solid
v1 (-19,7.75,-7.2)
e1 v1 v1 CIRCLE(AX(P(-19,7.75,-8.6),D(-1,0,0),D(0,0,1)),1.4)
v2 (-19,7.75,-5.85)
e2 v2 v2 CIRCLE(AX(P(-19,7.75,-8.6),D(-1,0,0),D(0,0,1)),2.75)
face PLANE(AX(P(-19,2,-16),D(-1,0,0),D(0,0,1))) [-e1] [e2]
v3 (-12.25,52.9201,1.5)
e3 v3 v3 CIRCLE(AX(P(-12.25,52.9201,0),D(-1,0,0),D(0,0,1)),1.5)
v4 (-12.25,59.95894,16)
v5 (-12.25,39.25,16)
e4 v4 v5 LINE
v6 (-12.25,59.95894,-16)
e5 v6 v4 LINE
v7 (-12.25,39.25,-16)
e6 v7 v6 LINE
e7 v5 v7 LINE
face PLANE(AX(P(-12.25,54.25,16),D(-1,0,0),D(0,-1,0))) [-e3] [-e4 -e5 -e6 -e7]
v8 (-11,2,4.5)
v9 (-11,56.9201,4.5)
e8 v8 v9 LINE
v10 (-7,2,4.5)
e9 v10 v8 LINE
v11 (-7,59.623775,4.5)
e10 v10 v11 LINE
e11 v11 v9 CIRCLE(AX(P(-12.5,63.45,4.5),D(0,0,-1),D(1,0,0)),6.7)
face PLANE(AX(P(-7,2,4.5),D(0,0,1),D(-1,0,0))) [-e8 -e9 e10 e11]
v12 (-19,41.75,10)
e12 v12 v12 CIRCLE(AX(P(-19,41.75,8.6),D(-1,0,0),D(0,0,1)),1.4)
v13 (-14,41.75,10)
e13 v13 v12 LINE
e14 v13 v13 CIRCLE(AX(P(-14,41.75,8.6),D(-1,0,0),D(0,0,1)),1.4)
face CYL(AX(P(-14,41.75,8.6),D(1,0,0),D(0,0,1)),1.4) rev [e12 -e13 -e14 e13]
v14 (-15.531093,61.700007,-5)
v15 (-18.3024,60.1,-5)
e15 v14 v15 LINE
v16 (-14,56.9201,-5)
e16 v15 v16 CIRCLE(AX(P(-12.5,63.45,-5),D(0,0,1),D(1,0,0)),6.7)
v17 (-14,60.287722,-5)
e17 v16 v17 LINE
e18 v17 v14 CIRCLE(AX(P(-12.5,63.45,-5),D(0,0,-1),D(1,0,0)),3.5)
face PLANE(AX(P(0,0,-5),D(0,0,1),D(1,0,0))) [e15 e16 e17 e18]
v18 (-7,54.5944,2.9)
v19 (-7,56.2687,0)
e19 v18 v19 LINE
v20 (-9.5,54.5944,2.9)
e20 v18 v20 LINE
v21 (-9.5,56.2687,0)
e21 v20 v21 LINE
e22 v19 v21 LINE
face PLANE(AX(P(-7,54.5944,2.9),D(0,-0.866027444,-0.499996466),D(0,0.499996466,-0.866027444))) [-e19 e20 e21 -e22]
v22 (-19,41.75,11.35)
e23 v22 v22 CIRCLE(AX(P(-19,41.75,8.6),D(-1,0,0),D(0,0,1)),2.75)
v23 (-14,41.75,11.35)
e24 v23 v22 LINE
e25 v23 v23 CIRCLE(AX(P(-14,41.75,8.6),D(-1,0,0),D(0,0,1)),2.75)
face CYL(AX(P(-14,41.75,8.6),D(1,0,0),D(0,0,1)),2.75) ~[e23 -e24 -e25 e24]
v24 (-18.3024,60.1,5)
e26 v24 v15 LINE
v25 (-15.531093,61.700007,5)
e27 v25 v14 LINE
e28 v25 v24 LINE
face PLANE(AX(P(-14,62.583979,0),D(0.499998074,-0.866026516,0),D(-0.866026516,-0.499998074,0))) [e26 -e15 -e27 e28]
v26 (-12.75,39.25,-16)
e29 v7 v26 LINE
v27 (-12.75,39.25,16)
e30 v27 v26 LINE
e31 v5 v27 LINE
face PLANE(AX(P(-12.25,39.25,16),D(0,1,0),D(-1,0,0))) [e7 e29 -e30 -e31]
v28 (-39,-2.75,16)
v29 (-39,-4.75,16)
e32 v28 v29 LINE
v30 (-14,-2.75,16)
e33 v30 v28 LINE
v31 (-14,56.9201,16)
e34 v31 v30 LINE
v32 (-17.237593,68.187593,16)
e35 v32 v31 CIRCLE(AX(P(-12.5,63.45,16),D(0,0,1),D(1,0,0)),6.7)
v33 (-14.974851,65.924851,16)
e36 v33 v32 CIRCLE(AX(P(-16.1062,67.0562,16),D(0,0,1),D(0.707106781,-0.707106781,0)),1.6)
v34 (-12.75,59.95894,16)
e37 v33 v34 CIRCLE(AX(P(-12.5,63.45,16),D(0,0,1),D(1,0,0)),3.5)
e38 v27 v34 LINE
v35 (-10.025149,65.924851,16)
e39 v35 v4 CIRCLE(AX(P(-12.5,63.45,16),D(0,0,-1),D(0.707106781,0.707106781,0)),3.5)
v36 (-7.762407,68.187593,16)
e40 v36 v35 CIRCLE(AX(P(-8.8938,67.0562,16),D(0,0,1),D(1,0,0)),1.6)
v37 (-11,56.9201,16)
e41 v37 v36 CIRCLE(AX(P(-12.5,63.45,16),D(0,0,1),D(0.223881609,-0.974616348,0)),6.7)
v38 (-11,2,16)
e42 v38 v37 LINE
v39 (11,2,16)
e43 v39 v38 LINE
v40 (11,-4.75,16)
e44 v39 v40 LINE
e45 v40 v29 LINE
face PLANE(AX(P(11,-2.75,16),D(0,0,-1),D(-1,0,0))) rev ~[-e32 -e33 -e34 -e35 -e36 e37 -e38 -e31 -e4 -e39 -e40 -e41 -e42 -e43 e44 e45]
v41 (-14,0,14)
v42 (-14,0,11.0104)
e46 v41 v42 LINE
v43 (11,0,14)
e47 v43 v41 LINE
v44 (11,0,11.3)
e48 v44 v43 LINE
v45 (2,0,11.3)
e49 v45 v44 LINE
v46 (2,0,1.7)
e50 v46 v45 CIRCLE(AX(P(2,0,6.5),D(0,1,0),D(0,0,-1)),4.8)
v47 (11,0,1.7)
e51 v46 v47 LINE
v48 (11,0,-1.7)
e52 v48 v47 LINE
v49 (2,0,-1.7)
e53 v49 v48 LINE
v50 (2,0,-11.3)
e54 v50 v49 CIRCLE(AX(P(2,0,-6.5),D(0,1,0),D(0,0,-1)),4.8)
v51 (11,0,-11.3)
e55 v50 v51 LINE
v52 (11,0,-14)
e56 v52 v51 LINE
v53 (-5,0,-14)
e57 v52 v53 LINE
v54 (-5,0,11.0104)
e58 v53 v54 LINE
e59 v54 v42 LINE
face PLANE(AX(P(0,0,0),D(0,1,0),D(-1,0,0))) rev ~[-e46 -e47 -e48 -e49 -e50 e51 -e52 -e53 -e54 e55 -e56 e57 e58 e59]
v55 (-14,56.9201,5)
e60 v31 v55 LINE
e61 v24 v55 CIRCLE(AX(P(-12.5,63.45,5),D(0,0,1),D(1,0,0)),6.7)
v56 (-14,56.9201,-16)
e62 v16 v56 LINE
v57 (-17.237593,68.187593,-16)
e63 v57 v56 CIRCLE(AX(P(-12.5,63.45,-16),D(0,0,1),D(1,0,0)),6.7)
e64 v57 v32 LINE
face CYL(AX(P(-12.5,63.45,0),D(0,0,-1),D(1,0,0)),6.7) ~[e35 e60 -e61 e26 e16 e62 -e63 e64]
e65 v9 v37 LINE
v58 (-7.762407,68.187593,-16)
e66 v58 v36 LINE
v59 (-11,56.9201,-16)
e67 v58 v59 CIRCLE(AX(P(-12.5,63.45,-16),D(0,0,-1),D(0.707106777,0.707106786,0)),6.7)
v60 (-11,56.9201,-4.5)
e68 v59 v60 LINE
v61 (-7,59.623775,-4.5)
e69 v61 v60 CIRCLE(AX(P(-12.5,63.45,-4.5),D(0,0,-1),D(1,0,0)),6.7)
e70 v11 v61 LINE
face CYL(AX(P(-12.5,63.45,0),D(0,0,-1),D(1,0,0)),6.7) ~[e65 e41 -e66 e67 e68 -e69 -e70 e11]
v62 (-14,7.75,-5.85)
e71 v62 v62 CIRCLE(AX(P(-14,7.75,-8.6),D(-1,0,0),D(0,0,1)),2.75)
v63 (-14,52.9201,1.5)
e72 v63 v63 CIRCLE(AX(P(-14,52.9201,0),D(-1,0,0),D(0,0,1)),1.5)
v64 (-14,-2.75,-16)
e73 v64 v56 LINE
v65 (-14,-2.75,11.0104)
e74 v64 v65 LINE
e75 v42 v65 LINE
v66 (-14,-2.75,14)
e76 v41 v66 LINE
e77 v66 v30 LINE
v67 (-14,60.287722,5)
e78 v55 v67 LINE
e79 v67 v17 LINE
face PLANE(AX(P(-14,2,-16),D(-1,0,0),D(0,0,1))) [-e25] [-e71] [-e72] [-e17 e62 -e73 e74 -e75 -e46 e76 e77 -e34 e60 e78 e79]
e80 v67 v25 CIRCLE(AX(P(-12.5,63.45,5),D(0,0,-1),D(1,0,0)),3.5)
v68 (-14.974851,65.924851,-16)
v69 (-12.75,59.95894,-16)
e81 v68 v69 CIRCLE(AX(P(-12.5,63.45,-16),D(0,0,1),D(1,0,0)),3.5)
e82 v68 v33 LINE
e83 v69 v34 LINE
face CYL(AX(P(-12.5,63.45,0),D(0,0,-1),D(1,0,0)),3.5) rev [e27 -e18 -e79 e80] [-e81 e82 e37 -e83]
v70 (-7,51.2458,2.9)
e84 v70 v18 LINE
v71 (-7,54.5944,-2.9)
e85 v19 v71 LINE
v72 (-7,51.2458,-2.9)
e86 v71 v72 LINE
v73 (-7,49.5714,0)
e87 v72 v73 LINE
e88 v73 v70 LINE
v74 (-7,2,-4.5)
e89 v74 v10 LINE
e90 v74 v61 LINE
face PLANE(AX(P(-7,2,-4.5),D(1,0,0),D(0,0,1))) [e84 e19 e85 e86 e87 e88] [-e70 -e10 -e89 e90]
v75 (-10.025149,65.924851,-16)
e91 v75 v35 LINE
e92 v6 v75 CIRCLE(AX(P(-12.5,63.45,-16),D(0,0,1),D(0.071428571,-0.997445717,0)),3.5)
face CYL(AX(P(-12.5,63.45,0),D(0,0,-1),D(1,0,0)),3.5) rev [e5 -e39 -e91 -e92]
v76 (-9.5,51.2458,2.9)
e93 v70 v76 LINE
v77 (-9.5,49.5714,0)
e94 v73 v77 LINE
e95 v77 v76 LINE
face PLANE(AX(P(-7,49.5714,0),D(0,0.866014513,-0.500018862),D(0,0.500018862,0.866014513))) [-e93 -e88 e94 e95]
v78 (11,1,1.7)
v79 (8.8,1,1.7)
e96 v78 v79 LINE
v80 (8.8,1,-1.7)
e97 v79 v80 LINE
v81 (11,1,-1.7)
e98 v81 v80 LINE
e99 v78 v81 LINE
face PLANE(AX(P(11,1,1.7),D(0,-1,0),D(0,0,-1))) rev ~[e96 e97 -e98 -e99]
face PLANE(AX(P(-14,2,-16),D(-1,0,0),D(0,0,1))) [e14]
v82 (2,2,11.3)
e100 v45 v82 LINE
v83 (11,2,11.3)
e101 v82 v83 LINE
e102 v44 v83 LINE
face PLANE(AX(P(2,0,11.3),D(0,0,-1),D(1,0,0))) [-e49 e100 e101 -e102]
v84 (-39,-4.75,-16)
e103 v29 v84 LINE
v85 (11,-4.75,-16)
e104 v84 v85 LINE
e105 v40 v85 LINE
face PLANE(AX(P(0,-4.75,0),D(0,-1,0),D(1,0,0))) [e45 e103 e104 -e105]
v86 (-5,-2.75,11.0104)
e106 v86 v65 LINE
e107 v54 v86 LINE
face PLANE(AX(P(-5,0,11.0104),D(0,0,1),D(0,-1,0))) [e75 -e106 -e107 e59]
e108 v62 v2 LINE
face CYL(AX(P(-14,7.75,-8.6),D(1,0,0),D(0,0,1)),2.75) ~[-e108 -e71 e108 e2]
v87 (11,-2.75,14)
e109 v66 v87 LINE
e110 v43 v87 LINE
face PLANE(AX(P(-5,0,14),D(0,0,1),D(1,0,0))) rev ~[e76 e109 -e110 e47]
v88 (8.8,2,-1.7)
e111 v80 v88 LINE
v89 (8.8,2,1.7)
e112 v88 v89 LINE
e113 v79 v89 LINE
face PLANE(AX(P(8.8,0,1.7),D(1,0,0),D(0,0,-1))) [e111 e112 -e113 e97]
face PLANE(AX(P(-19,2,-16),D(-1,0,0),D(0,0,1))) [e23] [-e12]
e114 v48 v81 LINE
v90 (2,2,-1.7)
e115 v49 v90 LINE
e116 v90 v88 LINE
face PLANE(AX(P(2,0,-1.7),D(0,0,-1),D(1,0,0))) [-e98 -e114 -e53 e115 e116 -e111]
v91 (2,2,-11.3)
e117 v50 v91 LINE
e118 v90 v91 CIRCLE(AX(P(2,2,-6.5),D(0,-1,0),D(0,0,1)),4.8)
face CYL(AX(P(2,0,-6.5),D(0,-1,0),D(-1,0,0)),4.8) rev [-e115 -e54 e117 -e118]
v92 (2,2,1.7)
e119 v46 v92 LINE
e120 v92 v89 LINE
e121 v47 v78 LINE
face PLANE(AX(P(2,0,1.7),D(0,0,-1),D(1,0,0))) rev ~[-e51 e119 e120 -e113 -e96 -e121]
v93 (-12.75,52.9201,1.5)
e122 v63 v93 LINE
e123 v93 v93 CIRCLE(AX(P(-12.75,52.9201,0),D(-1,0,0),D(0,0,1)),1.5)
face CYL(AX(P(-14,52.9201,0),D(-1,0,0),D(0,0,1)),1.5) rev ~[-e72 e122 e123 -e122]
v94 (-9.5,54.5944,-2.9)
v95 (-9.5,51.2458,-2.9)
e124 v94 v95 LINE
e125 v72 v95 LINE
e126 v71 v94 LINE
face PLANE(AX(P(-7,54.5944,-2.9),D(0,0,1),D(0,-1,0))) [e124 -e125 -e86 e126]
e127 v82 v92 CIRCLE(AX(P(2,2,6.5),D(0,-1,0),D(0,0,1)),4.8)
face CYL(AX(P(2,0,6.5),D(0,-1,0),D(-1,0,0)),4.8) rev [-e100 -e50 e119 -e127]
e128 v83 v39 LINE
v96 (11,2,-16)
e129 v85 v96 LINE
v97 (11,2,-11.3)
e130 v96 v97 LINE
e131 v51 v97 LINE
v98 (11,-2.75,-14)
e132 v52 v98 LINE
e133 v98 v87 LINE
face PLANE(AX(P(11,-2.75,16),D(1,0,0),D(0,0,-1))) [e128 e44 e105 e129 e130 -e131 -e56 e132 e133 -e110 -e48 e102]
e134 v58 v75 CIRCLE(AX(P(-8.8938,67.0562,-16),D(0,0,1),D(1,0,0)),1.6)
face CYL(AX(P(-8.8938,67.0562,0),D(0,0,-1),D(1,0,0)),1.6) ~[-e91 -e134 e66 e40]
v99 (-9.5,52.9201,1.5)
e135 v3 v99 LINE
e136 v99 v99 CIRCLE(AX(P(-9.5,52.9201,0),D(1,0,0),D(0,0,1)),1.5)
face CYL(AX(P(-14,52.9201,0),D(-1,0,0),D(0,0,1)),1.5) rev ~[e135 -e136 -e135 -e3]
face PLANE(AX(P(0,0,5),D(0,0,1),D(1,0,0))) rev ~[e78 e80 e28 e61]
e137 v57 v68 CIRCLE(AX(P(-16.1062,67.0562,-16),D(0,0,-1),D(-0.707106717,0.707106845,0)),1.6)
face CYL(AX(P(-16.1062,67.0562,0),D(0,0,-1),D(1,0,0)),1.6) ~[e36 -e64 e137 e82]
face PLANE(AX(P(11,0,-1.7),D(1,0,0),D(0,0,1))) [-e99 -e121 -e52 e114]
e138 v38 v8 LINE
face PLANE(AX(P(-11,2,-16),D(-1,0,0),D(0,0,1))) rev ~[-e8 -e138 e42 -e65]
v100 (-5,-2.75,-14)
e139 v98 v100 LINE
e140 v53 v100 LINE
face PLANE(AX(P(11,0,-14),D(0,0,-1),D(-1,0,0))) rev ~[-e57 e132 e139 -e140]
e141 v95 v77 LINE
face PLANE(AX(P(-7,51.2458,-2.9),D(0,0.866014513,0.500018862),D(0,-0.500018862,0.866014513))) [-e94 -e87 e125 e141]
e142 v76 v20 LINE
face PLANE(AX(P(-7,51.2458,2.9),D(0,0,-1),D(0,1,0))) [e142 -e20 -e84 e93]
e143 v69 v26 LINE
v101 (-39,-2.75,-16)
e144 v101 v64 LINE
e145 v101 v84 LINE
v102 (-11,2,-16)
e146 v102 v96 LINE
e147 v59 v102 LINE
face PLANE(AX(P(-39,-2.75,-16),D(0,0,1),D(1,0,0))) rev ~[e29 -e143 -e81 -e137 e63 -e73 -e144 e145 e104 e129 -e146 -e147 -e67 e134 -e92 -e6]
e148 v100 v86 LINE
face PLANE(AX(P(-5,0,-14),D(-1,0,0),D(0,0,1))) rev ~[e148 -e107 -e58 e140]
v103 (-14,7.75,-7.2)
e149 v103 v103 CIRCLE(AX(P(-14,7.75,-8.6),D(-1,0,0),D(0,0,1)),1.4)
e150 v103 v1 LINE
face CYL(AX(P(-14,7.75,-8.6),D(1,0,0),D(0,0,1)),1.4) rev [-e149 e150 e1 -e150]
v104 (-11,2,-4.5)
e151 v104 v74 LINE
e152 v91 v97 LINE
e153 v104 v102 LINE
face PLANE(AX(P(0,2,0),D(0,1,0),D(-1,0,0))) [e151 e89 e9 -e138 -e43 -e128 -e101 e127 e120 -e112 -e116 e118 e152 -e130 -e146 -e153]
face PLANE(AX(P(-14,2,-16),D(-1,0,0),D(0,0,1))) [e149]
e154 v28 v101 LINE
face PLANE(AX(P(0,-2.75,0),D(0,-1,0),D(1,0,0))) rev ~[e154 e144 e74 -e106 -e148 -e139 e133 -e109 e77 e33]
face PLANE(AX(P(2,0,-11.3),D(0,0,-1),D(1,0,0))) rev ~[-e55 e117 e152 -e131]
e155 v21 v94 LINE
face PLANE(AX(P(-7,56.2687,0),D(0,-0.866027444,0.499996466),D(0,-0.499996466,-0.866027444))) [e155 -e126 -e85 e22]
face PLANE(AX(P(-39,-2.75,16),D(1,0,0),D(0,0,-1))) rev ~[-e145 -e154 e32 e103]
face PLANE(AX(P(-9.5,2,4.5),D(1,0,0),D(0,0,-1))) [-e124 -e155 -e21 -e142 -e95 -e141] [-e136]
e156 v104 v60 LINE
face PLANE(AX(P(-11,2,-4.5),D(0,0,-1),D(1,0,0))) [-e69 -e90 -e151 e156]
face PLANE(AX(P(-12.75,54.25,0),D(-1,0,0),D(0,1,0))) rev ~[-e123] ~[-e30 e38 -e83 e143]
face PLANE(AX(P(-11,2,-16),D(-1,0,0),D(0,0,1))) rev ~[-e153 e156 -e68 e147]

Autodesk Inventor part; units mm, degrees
ref_plane "YZ Plane" through (0, 0, 0) normal (1, 0, 0) x (0, 1, 0)
ref_plane "XZ Plane" through (0, 0, 0) normal (0, 1, 0) x (-1, 0, 0)
ref_plane "XY Plane" through (0, 0, 0) normal (0, 0, 1) x (1, 0, 0)
sketch "Sketch1" plane through (0, 0, 0) normal (0, 1, 0) x (-1, 0, 0)
  line L0 (11, -16) -> (-11, -16)
  line L1 (-11, -16) -> (-11, 16)
  line L2 (-11, 16) -> (11, 16)
  line L3 (11, 16) -> (11, -16)
  line L4 (11, -16) -> (-11, 16) construction
  line L5 (-11, -16) -> (11, 16) construction
  circle A0 centre (-2, 6.5) radius 4.8
  line L6 (-2, 6.5) -> (-2, -6.5)
  circle A1 centre (-2, -6.5) radius 4.8
  line L7 (-2, 11.3) -> (-11, 11.3)
  line L8 (-2, 1.7) -> (-11, 1.7)
  line L9 (-2, -1.7) -> (-11, -1.7)
  line L10 (-2, -11.3) -> (-11, -11.3)
  point P0 (0, 0)
  point P1 (-2, 0)
  dimension "d0" = 22
  dimension "d1" = 32
  dimension "d2" = 9.6
  dimension "d3" = 13
  dimension "d4" = 9.6
extrude "Extrusion1" add sketch "Sketch1" along normal blind 2 contours L0 L1 L10 A1 L6 A0 L7 L2 L3 | L1 L8 L6 L9
sketch "Sketch2" plane through (0, 0, 0) normal (0, -1, 0) x (1, 0, 0)
  line L0 (-11, 16) -> (11, 16) projected
  line L1 (11, 16) -> (-11, 16)
  line L2 (-11, -16) -> (-11, 16) projected
  line L3 (-11, 16) -> (-11, -16)
  line L4 (11, -16) -> (-11, -16) projected
  line L5 (-11, -16) -> (11, -16)
  line L6 (11, -16) -> (11, -14)
  line L7 (11, -11.3) -> (11, -16) projected
  line L8 (11, -14) -> (-5, -14)
  line L9 (-5, -14) -> (-5, 14)
  line L10 (-5, 14) -> (11, 14)
  line L11 (11, 16) -> (11, 11.3) projected
  point P0 (0, 0)
  dimension "d7" = 2
  dimension "d8" = 16
  dimension "d9" = 28
extrude "Extrusion2" add sketch "Sketch2" along normal blind 2.75
sketch "Sketch3" plane through (-11, 2, -16) normal (-1, 0, 0) x (0, 0, 1)
  line L0 (0, 0) -> (0, -4.75) projected
  line L1 (0, -4.75) -> (32, -4.75)
  line L2 (32, -4.75) -> (32, 49.75)
  line L3 (32, 49.75) -> (0, 49.75)
  line L4 (0, 49.75) -> (0, -4.75)
  point P0 (16, -2)
  dimension "d12" = 54.5
extrude "Extrusion3" add sketch "Sketch3" along normal blind 3
sketch "Sketch4" plane through (0, -2.75, 0) normal (0, -1, 0) x (1, 0, 0)
  line L0 (11, 16) -> (11, 11.3) projected
  line L1 (11, 16) -> (-39, 16)
  line L2 (-39, 16) -> (-39, -16)
  line L3 (-39, -16) -> (11, -16)
  line L4 (11, -16) -> (11, 16)
  point P0 (0, 0)
  dimension "d15" = 50
extrude "Extrusion4" add sketch "Sketch4" along normal blind 2
sketch "Sketch5" plane through (-5, 0, 14) normal (1, 0, 0) x (0, 0, -1)
  line L0 (0, 0) -> (0, -2.75) projected
  line L1 (30, -2.75) -> (-2, -2.75) projected
  line L2 (0, 0) -> (2.9896, 0)
  line L3 (2.9896, 0) -> (2.9896, -2.75)
  line L4 (2.9896, -2.75) -> (0, -2.5)
  line L5 (0, -2.5) -> (0, 0)
  point P0 (14, 0)
  dimension "d18" = 3
extrude "Extrusion5" cut sketch "Sketch5" against normal up to surface (9 mm away)
sketch "Sketch6" plane through (11, 0, 1.7) normal (1, 0, 0) x (0, 0, -1)
  line L0 (0, 0) -> (0, 2) projected
  line L1 (3.4, 0) -> (3.4, 2) projected
  line L2 (0, 1) -> (3.4, 1)
  line L3 (3.4, 1) -> (3.4, 2)
  line L4 (3.4, 2) -> (0, 2)
  line L5 (0, 2) -> (0, 1)
  point P0 (1.7, 0)
extrude "Extrusion6" cut sketch "Sketch6" against normal blind 2.2
sketch "Sketch8" plane through (-14, 2, -16) normal (-1, 0, 0) x (0, 0, 1)
  circle A0 centre (24.6, 39.75) radius 2.75
  circle A1 centre (24.6, 39.75) radius 1.4
  line L0 (4, 47.25) -> (28, 47.25) construction
  line L1 (28, 47.25) -> (28, -1.75) construction
  line L2 (28, -1.75) -> (4, -1.75) construction
  line L3 (4, -1.75) -> (4, 47.25) construction
  circle A2 centre (7.4, 5.75) radius 2.75
  circle A3 centre (7.4, 5.75) radius 1.4
  line L4 (4, 47.25) -> (28, -1.75) construction
  line L5 (32, -4.75) -> (32, -6.75) construction
  line L6 (32, 49.75) -> (0, 49.75) construction
  line L7 (0, -4.75) -> (32, 49.75) construction
  point P0 (16, -2)
  point P1 (16, 22.75)
  point P2 (16, 22.5)
  dimension "d24" = 5.5
  dimension "d25" = 2.8
  dimension "d26" = 24
  dimension "d27" = 49
  dimension "d28" = 3.4
  dimension "d29" = 7.5
  dimension "d30" = 5.5
  dimension "d31" = 2.8
  dimension "d32" = 3.4
  dimension "d33" = 7.5
extrude "Extrusion7" add sketch "Sketch8" along normal blind 5
sketch "Sketch9" plane through (0, 0, 0) normal (0, 0, 1) x (1, 0, 0)
  line L0 (-14, -2.75) -> (-14, 51.75) projected
  line L1 (-12.5, 56.75) -> (-12.5, 54.25) construction
  line L2 (-12.25, 56.75) -> (-12.25, 54.25)
  line L3 (-12.25, 54.25) -> (-12.75, 54.25)
  line L4 (-12.75, 54.25) -> (-12.75, 56.75)
  line L5 (-12.75, 56.75) -> (-12.25, 54.25) construction
  line L6 (-12.25, 56.75) -> (-12.75, 54.25) construction
  circle A0 centre (-12.5, 63.45) radius 6.7
  line L7 (-12.5, 63.45) -> (-12.5, 56.75) construction
  line L8 (-12.25, 56.75) -> (-12.25, 59.7585)
  line L9 (-12.75, 59.7585) -> (-12.75, 56.75)
  line L10 (-12.25, 59.7585) -> (-12.25, 70.1453)
  line L11 (-12.25, 70.1453) -> (-12.75, 70.1453)
  line L12 (-12.75, 70.1453) -> (-12.75, 59.7585)
  line L13 (-12.5, 63.45) -> (-5.8, 63.45) construction
  line L14 (-12.5, 63.45) -> (-5.8, 63.45) construction
  line L15 (-11, 51.75) -> (-14, 51.75) projected
  line L16 (-14, 51.75) -> (-11, 51.75)
  line L17 (-11, 51.75) -> (-11, 56.75)
  line L18 (-11, 56.75) -> (-14, 56.75)
  line L19 (-14, 56.75) -> (-14, 51.75)
  line L20 (-14, 56.75) -> (-11, 56.75)
  line L21 (-11, 56.75) -> (-11, 56.9201)
  line L22 (-11, 56.9201) -> (-14, 56.9201)
  line L23 (-14, 56.9201) -> (-14, 56.75)
  circle A1 centre (-12.5, 63.45) radius 3.5
  line L24 (-12.5, 63.45) -> (-5.8, 63.45) construction
  line L25 (-12.5, 63.45) -> (-5.8, 63.45) construction
  circle A2 centre (-16.1062, 67.0562) radius 1.6
  circle A3 centre (-8.8938, 67.0562) radius 1.6
  point P0 (0, 0)
  point P1 (-12.5, 55.5)
  point P2 (-12.75, 56.7547)
  point P3 (-12.25, 56.7547)
  point P4 (-17.2376, 68.1876)
  point P5 (-12.75, 59.9589)
  point P6 (-14.9749, 65.9249)
  point P7 (-10.0251, 65.9249)
  point P8 (-12.25, 59.9589)
  point P9 (-7.7624, 68.1876)
  dimension "d47" = 0.5
  dimension "d49" = 13.4
  dimension "d50" = 5
  dimension "d57" = 7
extrude "Extrusion8" add sketch "Sketch9" along normal mid plane 32 contours L18 L17 L15 L19 L4 L3 L2 | L8 A0 L21 L18 | L8 L22 A0 | L22 L8 L10 A1 A3 A0 | L9 L18 L23 A0 | A0 L22 L9 | L22 A0 A2 A1 L12 L9 | A3 | A2
sketch "Sketch10" plane through (-11, 2, 16) normal (0, 0, 1) x (1, 0, 0)
  line L0 (-1.75, 52.25) -> (-1.25, 52.25) projected
  line L1 (-1.75, 52.25) -> (-1.25, 52.25)
  line L2 (-1.25, 52.25) -> (-1.25, 37.25)
  line L3 (-1.25, 37.25) -> (-1.75, 37.25)
  line L4 (-1.75, 37.25) -> (-1.75, 52.25)
  line L5 (-1.75, 37.25) -> (-2.4777, 58.0893)
  arc A0 (-3.9749, 63.9249) -> (-1.75, 57.9589) centre (-1.5, 61.45) ccw projected
  line L6 (-1.75, 37.25) -> (19.102, 37.25) construction
  line L7 (-1.25, 37.25) -> (-0.5223, 58.0893)
  arc A1 (-1.25, 57.9589) -> (0.9749, 63.9249) centre (-1.5, 61.45) ccw projected
  line L8 (-1.25, 37.25) -> (19.602, 37.25) construction
  arc A2 (-2.4777, 58.0893) -> (-0.5223, 58.0893) centre (-1.5, 61.45) ccw
  point P0 (11, -2)
  dimension "d51" = 15
  dimension "d60" = 92
  dimension "d61" = 88
extrude "Extrusion9" cut sketch "Sketch10" against normal through all contours L0 L2 L3 L4
sketch "Sketch11" plane through (0, 0, 0) normal (0, 0, 1) x (1, 0, 0)
  line L0 (-14, -2.75) -> (-14, 56.9201) projected
  line L1 (-12.5, 63.45) -> (-18.3024, 60.1)
  line L2 (-14, 56.9201) -> (-14, 62.9804)
  circle A0 centre (-12.5, 63.45) radius 6.7
  point P0 (0, 0)
  point P1 (-14, 62.584)
extrude "Extrusion10" cut sketch "Sketch11" along normal mid plane 10 contours L2 A0 L1 picked at (-14.4333, 58.9557)
sketch "Sketch13" plane through (0, 2, 0) normal (0, 1, 0) x (1, 0, 0)
  line L0 (-11, 16) -> (-11, -16) projected
  line L1 (-11, 0) -> (-9, 0) construction
  line L2 (-11, 4.5) -> (-7, 4.5)
  line L3 (-7, 4.5) -> (-7, -4.5)
  line L4 (-7, -4.5) -> (-11, -4.5)
  line L5 (-11, -4.5) -> (-11, 4.5)
  line L6 (-11, 4.5) -> (-7, -4.5) construction
  line L7 (-7, 4.5) -> (-11, -4.5) construction
  point P0 (0, 0)
  point P1 (-11, -4.5)
  dimension "d66" = 2
  dimension "d67" = 4
  dimension "d68" = 9
extrude "Extrusion12" add sketch "Sketch13" along normal up to surface
sketch "Sketch12" plane through (-14, 2, -16) normal (-1, 0, 0) x (0, 0, 1)
  line L0 (0, 54.9201) -> (32, 54.9201) projected
  line L1 (16, 54.9201) -> (16, 50.9201) construction
  circle A0 centre (16, 50.9201) radius 1.5
  point P0 (16, -2)
  dimension "d62" = 4
  dimension "d63" = 3
extrude "Extrusion11" cut sketch "Sketch12" against normal through all
sketch "Sketch14" plane through (-7, 2, 4.5) normal (1, 0, 0) x (0, 0, -1)
  line L0 (7.4, 49.2458) -> (4.5, 47.5714)
  line L1 (4.5, 47.5714) -> (1.6, 49.2458)
  line L2 (1.6, 49.2458) -> (1.6, 52.5944)
  line L3 (1.6, 52.5944) -> (4.5, 54.2687)
  line L4 (4.5, 54.2687) -> (7.4, 52.5944)
  line L5 (7.4, 52.5944) -> (7.4, 49.2458)
  circle A0 centre (4.5, 50.9201) radius 1.5 projected
  point P0 (4.5, -2)
  point P1 (4.5, 50.9201)
  dimension "d71" = 5.8
  dimension "d74" = 0
extrude "Extrusion13" cut sketch "Sketch14" against normal blind 2.5
properties part number "prototype_8_1_3DPrint"
